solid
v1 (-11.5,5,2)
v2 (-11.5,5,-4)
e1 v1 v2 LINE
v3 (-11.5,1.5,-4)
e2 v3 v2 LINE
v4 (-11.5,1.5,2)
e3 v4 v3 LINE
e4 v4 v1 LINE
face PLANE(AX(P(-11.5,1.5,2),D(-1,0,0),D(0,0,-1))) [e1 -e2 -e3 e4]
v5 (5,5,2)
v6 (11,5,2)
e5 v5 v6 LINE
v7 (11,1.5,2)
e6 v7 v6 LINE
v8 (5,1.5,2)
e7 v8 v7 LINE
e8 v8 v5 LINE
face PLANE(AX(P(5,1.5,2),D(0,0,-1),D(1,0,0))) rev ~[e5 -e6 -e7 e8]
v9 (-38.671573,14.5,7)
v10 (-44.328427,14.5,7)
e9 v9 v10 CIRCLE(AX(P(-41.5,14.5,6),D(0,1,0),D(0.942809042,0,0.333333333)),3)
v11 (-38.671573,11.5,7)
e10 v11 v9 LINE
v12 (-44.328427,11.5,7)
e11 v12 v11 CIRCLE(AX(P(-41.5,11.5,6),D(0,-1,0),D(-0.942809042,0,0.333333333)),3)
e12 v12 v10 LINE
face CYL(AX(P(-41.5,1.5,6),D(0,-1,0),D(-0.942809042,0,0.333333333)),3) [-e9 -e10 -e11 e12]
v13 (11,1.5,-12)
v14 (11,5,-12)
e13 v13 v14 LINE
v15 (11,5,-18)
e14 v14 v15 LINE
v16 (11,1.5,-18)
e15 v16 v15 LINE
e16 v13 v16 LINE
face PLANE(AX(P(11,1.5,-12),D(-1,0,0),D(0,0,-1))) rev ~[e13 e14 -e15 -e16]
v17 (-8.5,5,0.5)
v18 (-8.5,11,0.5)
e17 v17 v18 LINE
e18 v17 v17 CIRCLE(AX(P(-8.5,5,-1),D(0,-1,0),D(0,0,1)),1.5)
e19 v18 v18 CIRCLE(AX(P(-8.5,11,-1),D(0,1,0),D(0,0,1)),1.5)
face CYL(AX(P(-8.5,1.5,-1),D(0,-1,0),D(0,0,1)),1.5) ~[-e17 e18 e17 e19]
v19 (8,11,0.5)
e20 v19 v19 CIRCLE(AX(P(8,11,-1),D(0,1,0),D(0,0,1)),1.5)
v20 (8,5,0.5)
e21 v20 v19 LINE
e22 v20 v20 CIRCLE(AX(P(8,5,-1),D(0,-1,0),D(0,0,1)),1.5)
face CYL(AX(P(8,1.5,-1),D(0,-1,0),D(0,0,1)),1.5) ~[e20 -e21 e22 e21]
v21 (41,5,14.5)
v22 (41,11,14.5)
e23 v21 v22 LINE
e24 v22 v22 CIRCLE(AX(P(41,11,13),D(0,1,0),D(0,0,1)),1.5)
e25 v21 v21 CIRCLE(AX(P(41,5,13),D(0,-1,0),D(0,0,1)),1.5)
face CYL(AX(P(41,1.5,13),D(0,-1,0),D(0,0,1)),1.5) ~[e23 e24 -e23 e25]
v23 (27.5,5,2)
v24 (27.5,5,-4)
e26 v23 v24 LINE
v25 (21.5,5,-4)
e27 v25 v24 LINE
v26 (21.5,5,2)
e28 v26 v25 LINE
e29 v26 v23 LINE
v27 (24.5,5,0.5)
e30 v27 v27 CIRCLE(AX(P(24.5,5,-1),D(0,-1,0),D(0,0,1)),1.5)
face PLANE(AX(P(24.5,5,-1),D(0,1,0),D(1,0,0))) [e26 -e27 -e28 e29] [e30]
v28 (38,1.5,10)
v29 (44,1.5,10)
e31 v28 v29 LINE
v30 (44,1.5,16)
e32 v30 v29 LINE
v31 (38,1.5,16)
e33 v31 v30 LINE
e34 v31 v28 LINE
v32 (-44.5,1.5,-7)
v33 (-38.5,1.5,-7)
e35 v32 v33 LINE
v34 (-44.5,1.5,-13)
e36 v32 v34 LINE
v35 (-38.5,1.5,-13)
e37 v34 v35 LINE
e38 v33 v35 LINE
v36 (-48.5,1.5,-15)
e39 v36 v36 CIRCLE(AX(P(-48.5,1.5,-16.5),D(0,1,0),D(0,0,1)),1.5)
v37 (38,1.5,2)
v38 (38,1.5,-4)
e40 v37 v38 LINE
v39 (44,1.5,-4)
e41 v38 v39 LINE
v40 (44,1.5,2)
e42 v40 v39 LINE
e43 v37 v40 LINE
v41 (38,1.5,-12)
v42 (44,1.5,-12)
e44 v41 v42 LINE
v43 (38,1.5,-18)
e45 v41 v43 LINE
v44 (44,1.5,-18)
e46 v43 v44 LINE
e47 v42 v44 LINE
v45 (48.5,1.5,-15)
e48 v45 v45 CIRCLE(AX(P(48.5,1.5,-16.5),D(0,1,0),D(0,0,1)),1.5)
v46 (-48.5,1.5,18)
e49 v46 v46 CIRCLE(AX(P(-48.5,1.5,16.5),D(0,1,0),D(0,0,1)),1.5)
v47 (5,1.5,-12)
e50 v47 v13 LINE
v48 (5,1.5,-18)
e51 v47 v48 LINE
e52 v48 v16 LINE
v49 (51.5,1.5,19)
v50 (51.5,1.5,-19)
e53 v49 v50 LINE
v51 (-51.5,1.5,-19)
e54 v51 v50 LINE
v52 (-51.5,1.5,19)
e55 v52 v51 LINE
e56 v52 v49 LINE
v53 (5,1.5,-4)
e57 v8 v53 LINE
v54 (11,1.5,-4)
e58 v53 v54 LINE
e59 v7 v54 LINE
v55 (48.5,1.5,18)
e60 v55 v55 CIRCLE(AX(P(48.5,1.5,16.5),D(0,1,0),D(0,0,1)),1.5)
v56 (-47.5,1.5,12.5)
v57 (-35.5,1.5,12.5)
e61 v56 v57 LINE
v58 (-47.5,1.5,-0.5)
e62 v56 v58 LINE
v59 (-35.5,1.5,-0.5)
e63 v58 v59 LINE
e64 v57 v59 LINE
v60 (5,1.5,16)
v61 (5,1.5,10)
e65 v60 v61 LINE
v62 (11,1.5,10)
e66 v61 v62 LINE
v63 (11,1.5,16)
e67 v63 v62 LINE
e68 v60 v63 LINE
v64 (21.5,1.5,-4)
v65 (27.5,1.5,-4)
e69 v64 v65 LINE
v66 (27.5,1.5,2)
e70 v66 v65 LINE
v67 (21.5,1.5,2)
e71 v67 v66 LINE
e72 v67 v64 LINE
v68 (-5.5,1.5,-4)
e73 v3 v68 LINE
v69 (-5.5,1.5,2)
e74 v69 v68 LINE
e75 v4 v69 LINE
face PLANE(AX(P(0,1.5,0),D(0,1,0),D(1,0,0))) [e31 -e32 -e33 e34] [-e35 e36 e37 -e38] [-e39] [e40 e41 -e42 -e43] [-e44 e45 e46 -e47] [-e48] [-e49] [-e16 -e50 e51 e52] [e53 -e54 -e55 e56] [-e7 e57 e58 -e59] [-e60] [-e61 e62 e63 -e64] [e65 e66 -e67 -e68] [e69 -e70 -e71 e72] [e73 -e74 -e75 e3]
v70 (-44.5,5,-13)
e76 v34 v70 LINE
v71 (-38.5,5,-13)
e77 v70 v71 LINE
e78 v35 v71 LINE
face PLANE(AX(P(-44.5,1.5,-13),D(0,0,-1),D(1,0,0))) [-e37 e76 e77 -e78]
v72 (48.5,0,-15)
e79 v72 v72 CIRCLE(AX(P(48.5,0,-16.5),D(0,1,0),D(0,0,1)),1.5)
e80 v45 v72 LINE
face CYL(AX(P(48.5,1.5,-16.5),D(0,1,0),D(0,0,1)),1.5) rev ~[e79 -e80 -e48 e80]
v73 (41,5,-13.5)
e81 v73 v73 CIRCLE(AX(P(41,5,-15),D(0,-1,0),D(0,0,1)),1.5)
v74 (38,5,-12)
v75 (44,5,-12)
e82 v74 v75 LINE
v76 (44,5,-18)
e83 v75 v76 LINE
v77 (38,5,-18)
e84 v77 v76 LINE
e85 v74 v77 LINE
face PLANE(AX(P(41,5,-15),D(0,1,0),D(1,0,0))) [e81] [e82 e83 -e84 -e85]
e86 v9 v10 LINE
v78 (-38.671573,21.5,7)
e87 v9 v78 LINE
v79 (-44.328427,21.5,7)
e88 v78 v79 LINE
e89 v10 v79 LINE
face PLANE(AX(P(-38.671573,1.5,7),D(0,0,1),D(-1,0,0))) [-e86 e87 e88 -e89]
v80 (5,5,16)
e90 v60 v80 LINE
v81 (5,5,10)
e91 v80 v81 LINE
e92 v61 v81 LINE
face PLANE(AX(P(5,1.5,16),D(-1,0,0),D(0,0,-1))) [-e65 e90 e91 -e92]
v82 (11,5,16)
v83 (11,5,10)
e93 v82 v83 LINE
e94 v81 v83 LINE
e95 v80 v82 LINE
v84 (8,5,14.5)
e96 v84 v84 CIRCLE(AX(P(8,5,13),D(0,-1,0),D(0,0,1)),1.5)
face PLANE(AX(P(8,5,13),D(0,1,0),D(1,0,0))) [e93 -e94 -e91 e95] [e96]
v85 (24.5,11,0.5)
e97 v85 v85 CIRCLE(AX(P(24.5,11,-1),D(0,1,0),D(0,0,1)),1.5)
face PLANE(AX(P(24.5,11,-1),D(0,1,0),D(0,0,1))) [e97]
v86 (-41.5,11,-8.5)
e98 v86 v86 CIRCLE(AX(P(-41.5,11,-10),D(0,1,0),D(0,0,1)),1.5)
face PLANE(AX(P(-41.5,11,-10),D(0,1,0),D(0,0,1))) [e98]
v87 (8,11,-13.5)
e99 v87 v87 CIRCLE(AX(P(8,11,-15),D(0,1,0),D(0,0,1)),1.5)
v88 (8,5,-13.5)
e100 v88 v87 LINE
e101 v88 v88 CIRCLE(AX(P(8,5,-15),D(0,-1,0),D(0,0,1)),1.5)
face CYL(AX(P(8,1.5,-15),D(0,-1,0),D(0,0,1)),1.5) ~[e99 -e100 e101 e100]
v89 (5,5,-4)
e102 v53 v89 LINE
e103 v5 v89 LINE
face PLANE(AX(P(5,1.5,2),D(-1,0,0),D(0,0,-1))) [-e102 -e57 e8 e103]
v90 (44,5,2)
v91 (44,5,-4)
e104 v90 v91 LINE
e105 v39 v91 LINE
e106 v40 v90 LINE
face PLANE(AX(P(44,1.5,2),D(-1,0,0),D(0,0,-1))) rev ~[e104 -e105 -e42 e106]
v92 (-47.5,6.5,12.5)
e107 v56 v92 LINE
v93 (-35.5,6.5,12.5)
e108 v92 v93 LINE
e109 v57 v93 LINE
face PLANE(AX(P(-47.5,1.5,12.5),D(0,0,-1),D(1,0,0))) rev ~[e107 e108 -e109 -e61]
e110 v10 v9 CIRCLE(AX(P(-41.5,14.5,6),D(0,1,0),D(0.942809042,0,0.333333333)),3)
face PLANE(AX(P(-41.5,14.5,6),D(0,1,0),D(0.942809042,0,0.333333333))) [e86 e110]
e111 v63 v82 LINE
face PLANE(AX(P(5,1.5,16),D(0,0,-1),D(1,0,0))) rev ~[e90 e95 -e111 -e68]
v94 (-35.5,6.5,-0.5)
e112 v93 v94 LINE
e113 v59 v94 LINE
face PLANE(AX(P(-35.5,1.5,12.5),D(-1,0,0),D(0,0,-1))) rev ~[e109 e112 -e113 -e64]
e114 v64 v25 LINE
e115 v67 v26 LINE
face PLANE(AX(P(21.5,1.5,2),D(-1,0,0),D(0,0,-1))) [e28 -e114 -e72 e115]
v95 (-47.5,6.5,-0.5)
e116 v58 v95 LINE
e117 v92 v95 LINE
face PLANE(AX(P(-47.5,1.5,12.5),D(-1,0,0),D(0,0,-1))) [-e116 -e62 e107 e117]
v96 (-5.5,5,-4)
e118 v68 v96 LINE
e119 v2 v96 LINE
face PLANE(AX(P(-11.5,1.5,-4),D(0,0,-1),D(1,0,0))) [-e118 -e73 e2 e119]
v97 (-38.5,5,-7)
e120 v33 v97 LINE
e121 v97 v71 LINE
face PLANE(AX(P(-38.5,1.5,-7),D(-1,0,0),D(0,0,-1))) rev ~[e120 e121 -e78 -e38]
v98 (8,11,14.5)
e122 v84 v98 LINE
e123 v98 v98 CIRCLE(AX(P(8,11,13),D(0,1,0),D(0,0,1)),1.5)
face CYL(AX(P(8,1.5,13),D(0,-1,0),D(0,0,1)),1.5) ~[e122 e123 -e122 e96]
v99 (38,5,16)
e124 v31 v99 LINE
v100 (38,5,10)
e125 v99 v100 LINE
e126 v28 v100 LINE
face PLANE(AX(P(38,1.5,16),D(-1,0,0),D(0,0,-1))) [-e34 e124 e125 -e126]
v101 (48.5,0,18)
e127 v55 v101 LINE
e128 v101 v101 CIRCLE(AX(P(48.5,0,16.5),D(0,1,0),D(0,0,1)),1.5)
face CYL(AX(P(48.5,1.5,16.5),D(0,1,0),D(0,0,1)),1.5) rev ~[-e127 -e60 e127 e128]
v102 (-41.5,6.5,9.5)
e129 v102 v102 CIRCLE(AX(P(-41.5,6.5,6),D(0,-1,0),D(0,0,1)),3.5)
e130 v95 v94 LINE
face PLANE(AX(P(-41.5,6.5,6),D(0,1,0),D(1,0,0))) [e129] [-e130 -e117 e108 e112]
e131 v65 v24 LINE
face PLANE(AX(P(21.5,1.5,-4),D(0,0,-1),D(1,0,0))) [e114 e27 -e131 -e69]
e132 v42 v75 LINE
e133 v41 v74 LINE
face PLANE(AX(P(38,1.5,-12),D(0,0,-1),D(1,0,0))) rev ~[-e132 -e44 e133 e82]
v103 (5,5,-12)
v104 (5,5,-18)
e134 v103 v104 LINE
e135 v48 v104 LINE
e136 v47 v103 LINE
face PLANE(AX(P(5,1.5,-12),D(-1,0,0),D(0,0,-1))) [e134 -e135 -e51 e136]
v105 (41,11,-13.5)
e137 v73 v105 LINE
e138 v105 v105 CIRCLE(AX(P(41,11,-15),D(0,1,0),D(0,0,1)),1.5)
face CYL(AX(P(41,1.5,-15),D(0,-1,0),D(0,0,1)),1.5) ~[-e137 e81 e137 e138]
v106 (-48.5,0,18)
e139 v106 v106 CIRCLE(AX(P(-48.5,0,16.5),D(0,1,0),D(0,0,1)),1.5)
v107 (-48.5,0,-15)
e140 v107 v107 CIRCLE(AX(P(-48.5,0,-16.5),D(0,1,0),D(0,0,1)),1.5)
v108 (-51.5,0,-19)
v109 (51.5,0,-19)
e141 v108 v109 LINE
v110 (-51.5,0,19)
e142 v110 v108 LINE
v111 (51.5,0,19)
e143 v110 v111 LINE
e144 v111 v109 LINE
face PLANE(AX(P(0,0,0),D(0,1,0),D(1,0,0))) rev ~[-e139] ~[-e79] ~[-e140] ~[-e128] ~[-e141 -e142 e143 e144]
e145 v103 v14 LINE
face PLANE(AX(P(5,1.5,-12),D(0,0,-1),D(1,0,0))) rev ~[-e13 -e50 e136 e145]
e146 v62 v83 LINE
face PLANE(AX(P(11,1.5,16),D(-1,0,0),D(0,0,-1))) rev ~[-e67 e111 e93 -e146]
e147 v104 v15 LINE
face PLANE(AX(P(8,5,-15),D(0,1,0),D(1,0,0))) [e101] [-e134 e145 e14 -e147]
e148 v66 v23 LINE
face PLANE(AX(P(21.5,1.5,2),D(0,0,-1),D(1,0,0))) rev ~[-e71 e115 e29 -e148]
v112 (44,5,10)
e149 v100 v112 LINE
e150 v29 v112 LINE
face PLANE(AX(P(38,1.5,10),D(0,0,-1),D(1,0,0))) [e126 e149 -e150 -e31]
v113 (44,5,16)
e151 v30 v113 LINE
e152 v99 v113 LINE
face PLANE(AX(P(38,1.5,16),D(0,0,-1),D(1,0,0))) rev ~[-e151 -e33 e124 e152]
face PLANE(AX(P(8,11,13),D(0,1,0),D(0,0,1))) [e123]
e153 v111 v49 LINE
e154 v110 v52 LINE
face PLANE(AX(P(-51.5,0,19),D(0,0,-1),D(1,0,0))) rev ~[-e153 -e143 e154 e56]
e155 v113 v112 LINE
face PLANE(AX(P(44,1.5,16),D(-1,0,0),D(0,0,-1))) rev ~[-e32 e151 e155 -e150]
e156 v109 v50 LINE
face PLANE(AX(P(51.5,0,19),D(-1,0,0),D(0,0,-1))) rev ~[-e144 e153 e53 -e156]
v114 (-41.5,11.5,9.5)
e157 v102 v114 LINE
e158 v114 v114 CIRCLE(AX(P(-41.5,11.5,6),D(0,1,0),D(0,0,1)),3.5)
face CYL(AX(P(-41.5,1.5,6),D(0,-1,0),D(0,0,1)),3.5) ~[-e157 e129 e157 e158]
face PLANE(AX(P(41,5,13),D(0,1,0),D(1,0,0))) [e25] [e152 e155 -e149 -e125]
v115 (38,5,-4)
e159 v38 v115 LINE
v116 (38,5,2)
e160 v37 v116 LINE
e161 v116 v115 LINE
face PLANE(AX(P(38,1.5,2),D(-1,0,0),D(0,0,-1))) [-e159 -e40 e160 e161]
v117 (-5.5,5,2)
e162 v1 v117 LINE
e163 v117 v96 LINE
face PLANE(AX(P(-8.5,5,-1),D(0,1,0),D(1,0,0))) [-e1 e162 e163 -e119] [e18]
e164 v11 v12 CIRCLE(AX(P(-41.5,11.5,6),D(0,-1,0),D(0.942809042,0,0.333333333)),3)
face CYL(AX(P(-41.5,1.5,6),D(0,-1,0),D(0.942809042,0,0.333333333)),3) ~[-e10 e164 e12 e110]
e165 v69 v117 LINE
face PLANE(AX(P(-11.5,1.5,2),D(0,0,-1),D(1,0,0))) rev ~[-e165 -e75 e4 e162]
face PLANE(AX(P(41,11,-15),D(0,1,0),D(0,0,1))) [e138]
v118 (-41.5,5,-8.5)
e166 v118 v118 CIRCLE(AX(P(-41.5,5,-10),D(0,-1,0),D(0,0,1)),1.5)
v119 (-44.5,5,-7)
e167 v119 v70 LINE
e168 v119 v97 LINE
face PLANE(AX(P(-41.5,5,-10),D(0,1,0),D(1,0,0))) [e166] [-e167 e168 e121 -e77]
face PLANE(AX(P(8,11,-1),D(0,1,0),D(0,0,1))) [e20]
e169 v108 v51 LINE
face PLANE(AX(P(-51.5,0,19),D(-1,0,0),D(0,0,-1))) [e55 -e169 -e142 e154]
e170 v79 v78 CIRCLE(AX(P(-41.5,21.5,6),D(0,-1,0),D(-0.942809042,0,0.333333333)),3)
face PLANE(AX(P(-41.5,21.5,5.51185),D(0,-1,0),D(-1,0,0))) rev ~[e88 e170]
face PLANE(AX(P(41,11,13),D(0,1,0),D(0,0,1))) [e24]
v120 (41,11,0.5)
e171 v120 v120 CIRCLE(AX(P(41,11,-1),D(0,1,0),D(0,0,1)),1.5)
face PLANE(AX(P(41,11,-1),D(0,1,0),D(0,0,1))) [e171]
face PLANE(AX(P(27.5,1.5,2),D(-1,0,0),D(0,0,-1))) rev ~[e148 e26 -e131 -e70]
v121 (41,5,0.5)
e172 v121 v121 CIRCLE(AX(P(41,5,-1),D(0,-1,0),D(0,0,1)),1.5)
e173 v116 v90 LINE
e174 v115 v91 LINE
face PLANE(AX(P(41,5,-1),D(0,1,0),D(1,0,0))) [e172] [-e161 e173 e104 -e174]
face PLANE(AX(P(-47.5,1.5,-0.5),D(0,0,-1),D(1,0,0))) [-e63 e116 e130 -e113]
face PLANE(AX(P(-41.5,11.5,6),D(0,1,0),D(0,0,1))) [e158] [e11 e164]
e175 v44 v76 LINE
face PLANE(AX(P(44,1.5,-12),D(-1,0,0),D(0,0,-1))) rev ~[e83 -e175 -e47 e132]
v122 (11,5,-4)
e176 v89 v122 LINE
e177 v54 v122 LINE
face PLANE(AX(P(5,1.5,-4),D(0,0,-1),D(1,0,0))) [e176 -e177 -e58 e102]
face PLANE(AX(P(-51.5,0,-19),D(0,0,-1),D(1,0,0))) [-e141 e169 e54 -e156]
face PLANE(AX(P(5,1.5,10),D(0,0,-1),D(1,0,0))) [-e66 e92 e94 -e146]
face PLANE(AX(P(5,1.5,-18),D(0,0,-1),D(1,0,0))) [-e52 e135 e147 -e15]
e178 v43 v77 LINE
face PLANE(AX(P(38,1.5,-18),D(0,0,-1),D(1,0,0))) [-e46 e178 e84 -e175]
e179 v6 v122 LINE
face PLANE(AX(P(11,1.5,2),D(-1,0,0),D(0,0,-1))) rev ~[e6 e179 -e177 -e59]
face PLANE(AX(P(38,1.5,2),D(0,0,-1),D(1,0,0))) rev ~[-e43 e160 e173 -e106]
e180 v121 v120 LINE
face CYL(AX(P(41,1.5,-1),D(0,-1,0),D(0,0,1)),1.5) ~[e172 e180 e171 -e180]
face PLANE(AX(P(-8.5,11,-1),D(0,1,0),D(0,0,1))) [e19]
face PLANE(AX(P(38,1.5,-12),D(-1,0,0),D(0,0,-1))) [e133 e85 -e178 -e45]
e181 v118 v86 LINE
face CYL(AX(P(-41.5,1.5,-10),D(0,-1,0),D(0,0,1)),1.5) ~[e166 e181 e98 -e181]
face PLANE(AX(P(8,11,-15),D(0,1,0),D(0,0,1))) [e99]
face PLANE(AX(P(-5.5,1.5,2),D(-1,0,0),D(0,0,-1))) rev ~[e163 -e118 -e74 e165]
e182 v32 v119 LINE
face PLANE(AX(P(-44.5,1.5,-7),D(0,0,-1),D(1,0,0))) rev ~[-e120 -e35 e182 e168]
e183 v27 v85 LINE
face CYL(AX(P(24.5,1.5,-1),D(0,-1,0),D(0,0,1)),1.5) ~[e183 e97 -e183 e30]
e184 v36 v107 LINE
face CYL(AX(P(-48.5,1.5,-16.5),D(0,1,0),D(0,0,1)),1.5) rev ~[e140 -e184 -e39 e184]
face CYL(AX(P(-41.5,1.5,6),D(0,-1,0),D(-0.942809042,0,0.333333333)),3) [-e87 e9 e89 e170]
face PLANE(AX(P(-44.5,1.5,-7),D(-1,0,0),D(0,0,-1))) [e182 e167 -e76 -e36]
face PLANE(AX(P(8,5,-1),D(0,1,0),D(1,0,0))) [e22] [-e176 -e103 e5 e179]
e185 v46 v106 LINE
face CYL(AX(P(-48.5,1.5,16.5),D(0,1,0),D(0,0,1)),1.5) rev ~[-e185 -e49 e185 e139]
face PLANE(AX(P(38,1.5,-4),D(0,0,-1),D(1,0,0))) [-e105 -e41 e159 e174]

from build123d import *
from build123d.topology import SkipClean

# Parameters (mm, degrees)
SKETCH1_W           = 103
SKETCH1_H           = 38
BOSS_EXTRUDE1_DEPTH = 1.5
SKETCH2_R           = 1.5
CUT_EXTRUDE1_DEPTH  = 55.913568451
SKETCH3_R           = 1.5
BOSS_EXTRUDE2_DEPTH = 9.5
SKETCH5_W           = 6
SKETCH5_H           = 6
BOSS_EXTRUDE3_DEPTH = 3.5
BOSS_EXTRUDE4_DEPTH = 20
SKETCH7_R           = 3
BOSS_EXTRUDE5_DEPTH = 13
SKETCH8_R           = 3.5
BOSS_EXTRUDE6_DEPTH = 10
SKETCH9_W           = 12
SKETCH9_H           = 13
BOSS_EXTRUDE7_DEPTH = 5


with BuildPart() as part:
    # Sketch1 → Boss-Extrude1 (new body)
    with BuildSketch(Plane(origin=(0, 0, 0), x_dir=(1, 0, 0), z_dir=(0, 1, 0))):
        Rectangle(SKETCH1_W, SKETCH1_H)
    extrude(amount=BOSS_EXTRUDE1_DEPTH)

    # Sketch2 → Cut-Extrude1 (cut, through all)
    with BuildSketch(Plane(origin=(0, 1.5, 0), x_dir=(1, 0, 0), z_dir=(0, 1, 0))):
        with Locations(Location((-48.5, 16.5, 0), (0, 0, 270))):
            Circle(SKETCH2_R)
        with Locations(Location((-48.5, -16.5, 0), (0, 0, 270))):
            Circle(SKETCH2_R)
        with Locations(Location((48.5, -16.5, 0), (0, 0, 270))):
            Circle(SKETCH2_R)
        with Locations(Location((48.5, 16.5, 0), (0, 0, 270))):
            Circle(SKETCH2_R)
    extrude(amount=-CUT_EXTRUDE1_DEPTH, mode=Mode.SUBTRACT)

    # Sketch3 → Boss-Extrude2 (add)
    with BuildSketch(Plane(origin=(0, 1.5, 0), x_dir=(1, 0, 0), z_dir=(0, 1, 0))):
        with Locations(Location((41, 15, 0), (0, 0, 270))):
            Circle(SKETCH3_R)
        with Locations(Location((41, 1, 0), (0, 0, 270))):
            Circle(SKETCH3_R)
        with Locations(Location((41, -13, 0), (0, 0, 270))):
            Circle(SKETCH3_R)
        with Locations(Location((24.5, 1, 0), (0, 0, 270))):
            Circle(SKETCH3_R)
        with Locations(Location((8, 1, 0), (0, 0, 270))):
            Circle(SKETCH3_R)
        with Locations(Location((8, 15, 0), (0, 0, 270))):
            Circle(SKETCH3_R)
        with Locations(Location((8, -13, 0), (0, 0, 270))):
            Circle(SKETCH3_R)
        with Locations(Location((-8.5, 1, 0), (0, 0, 270))):
            Circle(SKETCH3_R)
        with Locations(Location((-41.5, 10, 0), (0, 0, 270))):
            Circle(SKETCH3_R)
    extrude(amount=BOSS_EXTRUDE2_DEPTH)

    # Sketch5 → Boss-Extrude3 (add)
    with BuildSketch(Plane(origin=(0, 1.5, 0), x_dir=(1, 0, 0), z_dir=(0, 1, 0))):
        with Locations((8, 15)):
            Rectangle(SKETCH5_W, SKETCH5_H)
        with Locations((24.5, 1)):
            Rectangle(SKETCH5_W, SKETCH5_H)
        with Locations((8, 1)):
            Rectangle(SKETCH5_W, SKETCH5_H)
        with Locations((-8.5, 1)):
            Rectangle(SKETCH5_W, SKETCH5_H)
        with Locations((8, -13)):
            Rectangle(SKETCH5_W, SKETCH5_H)
        with Locations((41, -13)):
            Rectangle(SKETCH5_W, SKETCH5_H)
        with Locations((41, 1)):
            Rectangle(SKETCH5_W, SKETCH5_H)
        with Locations((41, 15)):
            Rectangle(SKETCH5_W, SKETCH5_H)
        with Locations((-41.5, 10)):
            Rectangle(SKETCH5_W, SKETCH5_H)
    extrude(amount=BOSS_EXTRUDE3_DEPTH)

    # Sketch6 → Boss-Extrude4 (add)
    with BuildSketch(Plane(origin=(0, 1.5, 0), x_dir=(1, 0, 0), z_dir=(0, 1, 0))):
        with BuildLine():
            Line((-38.671572875, -7), (-44.328427125, -7))
            ThreePointArc((-44.328427125, -7), (-41.5, -3), (-38.671572875, -7))
        make_face()
    extrude(amount=BOSS_EXTRUDE4_DEPTH)

    # Sketch7 → Boss-Extrude5 (add)
    with SkipClean():  # the faces are left unmerged after this step: merging them gives an invalid solid
        with BuildSketch(Plane(origin=(0, 1.5, 0), x_dir=(1, 0, 0), z_dir=(0, 1, 0))):
            with Locations(Location((-41.5, -6, 0), (0, 0, 340.528779366))):
                Circle(SKETCH7_R)
        extrude(amount=BOSS_EXTRUDE5_DEPTH)

    # Sketch8 → Boss-Extrude6 (add)
    with SkipClean():  # the faces are left unmerged after this step: merging them gives an invalid solid
        with BuildSketch(Plane(origin=(0, 1.5, 0), x_dir=(1, 0, 0), z_dir=(0, 1, 0))):
            with Locations(Location((-41.5, -6, 0), (0, 0, 270))):
                Circle(SKETCH8_R)
        extrude(amount=BOSS_EXTRUDE6_DEPTH)

    # Sketch9 → Boss-Extrude7 (add)
    with SkipClean():  # the faces are left unmerged after this step: merging them gives an invalid solid
        with BuildSketch(Plane(origin=(0, 1.5, 0), x_dir=(1, 0, 0), z_dir=(0, 1, 0))):
            with Locations((-41.5, -6)):
                Rectangle(SKETCH9_W, SKETCH9_H)
        extrude(amount=BOSS_EXTRUDE7_DEPTH)


solid = part.part
